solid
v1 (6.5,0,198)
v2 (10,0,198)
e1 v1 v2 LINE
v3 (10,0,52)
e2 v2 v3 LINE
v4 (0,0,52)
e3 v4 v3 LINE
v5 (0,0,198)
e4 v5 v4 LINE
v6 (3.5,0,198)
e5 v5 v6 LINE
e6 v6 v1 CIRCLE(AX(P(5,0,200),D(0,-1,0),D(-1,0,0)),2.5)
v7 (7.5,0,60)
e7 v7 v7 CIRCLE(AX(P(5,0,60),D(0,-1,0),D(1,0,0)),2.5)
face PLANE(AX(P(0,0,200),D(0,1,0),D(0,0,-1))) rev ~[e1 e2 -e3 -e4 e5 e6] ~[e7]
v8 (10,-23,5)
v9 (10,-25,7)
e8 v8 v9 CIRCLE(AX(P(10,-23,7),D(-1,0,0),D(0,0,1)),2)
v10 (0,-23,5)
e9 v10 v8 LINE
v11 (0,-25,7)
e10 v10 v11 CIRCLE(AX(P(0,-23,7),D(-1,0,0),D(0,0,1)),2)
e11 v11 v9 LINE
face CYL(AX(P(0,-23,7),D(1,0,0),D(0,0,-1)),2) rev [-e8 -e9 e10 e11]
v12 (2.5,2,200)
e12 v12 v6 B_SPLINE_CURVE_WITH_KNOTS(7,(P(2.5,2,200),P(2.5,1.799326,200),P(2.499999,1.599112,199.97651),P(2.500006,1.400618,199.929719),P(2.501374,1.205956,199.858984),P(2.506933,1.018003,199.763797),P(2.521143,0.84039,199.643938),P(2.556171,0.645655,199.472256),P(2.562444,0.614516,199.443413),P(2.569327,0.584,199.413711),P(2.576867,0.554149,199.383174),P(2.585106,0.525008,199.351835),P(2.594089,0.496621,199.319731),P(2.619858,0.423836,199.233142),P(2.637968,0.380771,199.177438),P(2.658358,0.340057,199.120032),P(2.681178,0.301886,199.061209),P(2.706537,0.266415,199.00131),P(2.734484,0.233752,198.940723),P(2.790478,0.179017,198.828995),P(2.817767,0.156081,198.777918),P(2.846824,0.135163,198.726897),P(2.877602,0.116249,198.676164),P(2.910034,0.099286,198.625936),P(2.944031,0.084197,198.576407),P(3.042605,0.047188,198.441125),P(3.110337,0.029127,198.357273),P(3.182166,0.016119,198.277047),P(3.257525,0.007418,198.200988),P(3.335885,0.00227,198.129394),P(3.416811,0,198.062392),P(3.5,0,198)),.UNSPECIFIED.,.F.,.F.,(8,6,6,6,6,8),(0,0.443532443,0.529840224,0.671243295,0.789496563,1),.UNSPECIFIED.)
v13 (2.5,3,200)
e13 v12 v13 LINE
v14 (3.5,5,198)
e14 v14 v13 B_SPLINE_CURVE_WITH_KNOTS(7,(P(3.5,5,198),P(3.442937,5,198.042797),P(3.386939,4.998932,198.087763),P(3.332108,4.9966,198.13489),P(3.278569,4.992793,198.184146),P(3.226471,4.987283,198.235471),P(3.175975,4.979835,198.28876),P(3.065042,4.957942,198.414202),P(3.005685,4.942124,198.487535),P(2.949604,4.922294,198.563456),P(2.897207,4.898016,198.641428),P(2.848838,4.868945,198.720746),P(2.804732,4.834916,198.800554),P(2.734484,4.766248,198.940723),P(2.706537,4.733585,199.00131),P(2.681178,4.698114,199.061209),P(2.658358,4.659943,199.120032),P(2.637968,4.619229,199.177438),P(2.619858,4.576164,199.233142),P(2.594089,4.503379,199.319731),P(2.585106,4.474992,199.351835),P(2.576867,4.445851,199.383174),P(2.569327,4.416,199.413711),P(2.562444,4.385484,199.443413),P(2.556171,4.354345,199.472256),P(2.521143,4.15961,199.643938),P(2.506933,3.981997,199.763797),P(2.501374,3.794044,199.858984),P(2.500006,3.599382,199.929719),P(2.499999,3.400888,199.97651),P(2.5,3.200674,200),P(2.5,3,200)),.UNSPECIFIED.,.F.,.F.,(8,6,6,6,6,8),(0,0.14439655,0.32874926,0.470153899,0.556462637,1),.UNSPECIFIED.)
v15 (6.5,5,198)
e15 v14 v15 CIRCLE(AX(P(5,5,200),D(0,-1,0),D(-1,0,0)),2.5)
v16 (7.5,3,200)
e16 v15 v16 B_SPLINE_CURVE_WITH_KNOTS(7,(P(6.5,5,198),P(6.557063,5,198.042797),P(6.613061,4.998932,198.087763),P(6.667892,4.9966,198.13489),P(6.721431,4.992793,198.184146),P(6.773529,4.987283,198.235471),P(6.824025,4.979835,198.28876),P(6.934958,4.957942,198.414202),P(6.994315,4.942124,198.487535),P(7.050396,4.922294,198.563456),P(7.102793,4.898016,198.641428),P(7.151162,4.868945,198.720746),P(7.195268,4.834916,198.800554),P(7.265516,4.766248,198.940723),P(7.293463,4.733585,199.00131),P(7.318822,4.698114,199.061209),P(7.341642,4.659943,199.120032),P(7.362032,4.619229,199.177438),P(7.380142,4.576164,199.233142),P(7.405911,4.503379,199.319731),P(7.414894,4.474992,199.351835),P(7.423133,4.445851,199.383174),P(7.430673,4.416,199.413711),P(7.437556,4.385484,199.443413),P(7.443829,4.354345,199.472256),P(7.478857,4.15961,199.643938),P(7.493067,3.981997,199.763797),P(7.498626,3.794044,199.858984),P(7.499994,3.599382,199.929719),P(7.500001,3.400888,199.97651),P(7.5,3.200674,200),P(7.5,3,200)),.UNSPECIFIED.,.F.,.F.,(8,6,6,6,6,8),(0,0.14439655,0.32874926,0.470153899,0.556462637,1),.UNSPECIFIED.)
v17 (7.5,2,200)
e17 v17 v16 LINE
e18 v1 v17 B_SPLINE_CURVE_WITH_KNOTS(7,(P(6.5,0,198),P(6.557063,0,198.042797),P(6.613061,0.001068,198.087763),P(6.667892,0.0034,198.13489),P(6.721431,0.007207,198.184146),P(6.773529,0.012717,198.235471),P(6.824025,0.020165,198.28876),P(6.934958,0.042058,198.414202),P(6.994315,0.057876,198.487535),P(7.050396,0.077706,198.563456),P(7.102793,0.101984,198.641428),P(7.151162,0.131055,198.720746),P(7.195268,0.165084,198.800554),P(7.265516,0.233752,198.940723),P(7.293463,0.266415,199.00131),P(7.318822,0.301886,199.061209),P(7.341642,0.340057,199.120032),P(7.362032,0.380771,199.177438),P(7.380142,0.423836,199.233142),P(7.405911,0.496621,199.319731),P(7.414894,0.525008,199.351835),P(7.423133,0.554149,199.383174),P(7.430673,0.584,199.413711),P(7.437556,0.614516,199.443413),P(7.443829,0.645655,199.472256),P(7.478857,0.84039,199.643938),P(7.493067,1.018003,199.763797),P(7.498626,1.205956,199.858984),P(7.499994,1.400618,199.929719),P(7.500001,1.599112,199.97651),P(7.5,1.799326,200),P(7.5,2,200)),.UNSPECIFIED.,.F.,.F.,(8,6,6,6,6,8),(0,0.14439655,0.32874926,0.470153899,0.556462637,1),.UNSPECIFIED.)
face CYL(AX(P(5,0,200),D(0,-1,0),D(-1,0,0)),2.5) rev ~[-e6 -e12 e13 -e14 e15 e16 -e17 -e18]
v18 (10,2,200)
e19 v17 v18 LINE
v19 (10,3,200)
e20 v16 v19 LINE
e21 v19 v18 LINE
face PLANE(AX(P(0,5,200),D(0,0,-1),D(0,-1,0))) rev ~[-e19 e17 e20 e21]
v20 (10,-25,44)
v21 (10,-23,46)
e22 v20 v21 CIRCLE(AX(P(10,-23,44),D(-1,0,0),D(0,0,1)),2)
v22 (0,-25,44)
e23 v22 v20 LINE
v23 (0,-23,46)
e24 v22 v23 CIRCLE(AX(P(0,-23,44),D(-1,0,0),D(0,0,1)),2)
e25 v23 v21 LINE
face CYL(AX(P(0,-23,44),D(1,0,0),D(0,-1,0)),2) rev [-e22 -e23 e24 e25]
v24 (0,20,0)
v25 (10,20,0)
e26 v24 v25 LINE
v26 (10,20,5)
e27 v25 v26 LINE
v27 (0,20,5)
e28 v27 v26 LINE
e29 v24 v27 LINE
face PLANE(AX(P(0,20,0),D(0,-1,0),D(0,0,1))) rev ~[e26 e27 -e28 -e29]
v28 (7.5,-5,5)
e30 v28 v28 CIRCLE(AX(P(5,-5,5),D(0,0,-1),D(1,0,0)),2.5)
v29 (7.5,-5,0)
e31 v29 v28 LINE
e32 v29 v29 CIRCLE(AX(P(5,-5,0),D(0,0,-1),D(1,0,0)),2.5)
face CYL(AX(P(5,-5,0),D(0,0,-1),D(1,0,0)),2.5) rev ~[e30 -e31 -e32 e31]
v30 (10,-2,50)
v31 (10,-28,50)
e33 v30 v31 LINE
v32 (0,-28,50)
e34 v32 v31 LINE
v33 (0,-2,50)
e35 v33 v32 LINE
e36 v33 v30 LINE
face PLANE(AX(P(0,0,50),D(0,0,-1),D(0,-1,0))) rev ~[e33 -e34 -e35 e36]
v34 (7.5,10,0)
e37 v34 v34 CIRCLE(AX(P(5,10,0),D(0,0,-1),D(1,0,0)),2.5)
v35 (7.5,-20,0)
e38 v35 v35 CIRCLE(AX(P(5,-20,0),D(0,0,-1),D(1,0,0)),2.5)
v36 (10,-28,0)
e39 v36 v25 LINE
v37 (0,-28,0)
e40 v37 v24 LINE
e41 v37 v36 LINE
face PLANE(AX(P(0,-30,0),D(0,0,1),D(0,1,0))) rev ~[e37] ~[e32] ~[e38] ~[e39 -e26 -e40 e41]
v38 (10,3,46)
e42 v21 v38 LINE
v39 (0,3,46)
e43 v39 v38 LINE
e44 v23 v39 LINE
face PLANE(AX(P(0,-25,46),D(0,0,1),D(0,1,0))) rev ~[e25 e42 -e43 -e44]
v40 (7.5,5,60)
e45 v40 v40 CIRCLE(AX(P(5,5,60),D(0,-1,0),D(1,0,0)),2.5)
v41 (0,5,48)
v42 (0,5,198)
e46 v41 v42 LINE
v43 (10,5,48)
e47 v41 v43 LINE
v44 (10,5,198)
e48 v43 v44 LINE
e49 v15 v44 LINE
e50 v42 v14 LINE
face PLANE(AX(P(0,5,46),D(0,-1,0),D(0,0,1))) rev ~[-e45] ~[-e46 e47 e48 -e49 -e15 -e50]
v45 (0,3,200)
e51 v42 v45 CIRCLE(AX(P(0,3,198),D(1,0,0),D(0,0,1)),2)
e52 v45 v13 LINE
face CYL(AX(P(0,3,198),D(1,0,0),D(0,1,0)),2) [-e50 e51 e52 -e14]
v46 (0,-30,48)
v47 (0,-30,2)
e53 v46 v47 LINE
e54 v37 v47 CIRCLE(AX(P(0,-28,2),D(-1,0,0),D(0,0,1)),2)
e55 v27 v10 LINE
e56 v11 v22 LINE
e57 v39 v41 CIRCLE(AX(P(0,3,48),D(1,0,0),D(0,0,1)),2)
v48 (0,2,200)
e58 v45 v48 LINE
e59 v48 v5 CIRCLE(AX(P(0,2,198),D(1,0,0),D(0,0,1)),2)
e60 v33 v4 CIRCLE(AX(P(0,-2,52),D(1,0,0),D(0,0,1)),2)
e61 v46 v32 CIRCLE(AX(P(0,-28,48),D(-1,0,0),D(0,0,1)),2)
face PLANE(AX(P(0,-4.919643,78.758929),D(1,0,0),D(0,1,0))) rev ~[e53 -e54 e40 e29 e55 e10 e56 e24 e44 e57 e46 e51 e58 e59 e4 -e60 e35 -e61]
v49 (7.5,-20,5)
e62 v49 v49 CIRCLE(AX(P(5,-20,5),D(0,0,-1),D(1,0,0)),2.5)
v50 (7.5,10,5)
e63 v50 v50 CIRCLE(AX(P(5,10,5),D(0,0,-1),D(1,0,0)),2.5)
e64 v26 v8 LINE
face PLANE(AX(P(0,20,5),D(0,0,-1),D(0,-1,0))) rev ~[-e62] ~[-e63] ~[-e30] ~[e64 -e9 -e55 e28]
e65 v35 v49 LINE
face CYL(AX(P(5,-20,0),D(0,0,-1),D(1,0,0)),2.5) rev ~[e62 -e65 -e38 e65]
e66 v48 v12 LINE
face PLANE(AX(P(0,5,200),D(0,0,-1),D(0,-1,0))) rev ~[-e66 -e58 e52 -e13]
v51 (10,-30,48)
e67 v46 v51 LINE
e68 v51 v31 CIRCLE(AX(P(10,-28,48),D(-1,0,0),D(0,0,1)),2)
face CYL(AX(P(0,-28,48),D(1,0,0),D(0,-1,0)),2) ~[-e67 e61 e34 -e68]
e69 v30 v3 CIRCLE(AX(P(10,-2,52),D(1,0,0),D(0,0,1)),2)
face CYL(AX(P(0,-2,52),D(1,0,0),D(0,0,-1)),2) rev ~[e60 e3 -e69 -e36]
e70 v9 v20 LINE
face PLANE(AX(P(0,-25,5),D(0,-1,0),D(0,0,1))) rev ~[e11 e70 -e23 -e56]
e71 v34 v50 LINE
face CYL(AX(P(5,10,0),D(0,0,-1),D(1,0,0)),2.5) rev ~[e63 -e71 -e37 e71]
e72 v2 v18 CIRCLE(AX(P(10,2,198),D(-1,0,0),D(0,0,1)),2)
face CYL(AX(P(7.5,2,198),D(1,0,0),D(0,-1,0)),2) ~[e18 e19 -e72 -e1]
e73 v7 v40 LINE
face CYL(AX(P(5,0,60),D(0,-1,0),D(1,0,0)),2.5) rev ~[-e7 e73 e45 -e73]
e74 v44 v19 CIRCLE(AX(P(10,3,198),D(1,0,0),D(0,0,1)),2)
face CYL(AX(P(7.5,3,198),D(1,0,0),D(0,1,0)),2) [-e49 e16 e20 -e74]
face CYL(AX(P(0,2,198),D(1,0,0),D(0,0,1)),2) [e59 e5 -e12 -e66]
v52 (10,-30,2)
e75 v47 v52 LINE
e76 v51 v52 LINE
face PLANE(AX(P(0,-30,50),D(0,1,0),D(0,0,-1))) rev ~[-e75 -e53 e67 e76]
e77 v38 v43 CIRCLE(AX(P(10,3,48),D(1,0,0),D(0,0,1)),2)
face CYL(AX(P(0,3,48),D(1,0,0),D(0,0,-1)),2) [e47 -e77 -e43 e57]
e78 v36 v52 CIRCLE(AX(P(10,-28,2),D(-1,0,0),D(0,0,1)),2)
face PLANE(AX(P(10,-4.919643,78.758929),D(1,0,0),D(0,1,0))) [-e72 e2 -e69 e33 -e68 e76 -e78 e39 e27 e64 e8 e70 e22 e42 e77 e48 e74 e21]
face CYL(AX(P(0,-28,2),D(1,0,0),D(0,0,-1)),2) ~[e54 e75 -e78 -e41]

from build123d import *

# Parameters (mm, degrees)
F1_DEPTH = 10
F2_R     = 2.5
F3_DEPTH = 5
F4_R     = 2.5
F5_DEPTH = 5
F6_R     = 2


with BuildPart() as f1:
    # F0 (on Right) → F1 (new body)
    with BuildSketch(Plane.YZ):
        Polygon((-30, 0), (20, 0), (20, 5), (-25, 5), (-25, 46), (5, 46), (5, 200), (0, 200), (0, 50), (-30, 50), align=None)
    extrude(amount=F1_DEPTH)

    # F2 (on face) → F3 (cut, through all)
    with BuildSketch(Plane.XZ):
        with BuildLine():
            ThreePointArc((2.5, 200), (5, 197.5), (7.5, 200))
            Line((7.5, 200), (2.5, 200))
        make_face()
        with Locations((5, 60)):
            Circle(F2_R)
    extrude(amount=-F3_DEPTH, mode=Mode.SUBTRACT)

    # F4 (on face) → F5 (cut, through all)
    with BuildSketch(Plane(origin=(0, 0, 0), x_dir=(1, 0, 0), z_dir=(0, 0, -1))):
        with Locations((5, 20)):
            Circle(F4_R)
        with Locations((5, 5)):
            Circle(F4_R)
        with Locations((5, -10)):
            Circle(F4_R)
    extrude(amount=-F5_DEPTH, mode=Mode.SUBTRACT)

    # F6
    f6_edges = [f1.edges().sort_by_distance(p)[0] for p in [
        (5, -30, 50),
        (5, -25, 46),
        (5, -30, 0),
        (5, -25, 5),
        (5, 5, 46),
        (5, 0, 50),
        (1.25, 5, 200),
        (8.75, 5, 200),
        (1.25, 0, 200),
        (8.75, 0, 200),
    ]]
    fillet(f6_edges, radius=F6_R)


solid = f1.part
